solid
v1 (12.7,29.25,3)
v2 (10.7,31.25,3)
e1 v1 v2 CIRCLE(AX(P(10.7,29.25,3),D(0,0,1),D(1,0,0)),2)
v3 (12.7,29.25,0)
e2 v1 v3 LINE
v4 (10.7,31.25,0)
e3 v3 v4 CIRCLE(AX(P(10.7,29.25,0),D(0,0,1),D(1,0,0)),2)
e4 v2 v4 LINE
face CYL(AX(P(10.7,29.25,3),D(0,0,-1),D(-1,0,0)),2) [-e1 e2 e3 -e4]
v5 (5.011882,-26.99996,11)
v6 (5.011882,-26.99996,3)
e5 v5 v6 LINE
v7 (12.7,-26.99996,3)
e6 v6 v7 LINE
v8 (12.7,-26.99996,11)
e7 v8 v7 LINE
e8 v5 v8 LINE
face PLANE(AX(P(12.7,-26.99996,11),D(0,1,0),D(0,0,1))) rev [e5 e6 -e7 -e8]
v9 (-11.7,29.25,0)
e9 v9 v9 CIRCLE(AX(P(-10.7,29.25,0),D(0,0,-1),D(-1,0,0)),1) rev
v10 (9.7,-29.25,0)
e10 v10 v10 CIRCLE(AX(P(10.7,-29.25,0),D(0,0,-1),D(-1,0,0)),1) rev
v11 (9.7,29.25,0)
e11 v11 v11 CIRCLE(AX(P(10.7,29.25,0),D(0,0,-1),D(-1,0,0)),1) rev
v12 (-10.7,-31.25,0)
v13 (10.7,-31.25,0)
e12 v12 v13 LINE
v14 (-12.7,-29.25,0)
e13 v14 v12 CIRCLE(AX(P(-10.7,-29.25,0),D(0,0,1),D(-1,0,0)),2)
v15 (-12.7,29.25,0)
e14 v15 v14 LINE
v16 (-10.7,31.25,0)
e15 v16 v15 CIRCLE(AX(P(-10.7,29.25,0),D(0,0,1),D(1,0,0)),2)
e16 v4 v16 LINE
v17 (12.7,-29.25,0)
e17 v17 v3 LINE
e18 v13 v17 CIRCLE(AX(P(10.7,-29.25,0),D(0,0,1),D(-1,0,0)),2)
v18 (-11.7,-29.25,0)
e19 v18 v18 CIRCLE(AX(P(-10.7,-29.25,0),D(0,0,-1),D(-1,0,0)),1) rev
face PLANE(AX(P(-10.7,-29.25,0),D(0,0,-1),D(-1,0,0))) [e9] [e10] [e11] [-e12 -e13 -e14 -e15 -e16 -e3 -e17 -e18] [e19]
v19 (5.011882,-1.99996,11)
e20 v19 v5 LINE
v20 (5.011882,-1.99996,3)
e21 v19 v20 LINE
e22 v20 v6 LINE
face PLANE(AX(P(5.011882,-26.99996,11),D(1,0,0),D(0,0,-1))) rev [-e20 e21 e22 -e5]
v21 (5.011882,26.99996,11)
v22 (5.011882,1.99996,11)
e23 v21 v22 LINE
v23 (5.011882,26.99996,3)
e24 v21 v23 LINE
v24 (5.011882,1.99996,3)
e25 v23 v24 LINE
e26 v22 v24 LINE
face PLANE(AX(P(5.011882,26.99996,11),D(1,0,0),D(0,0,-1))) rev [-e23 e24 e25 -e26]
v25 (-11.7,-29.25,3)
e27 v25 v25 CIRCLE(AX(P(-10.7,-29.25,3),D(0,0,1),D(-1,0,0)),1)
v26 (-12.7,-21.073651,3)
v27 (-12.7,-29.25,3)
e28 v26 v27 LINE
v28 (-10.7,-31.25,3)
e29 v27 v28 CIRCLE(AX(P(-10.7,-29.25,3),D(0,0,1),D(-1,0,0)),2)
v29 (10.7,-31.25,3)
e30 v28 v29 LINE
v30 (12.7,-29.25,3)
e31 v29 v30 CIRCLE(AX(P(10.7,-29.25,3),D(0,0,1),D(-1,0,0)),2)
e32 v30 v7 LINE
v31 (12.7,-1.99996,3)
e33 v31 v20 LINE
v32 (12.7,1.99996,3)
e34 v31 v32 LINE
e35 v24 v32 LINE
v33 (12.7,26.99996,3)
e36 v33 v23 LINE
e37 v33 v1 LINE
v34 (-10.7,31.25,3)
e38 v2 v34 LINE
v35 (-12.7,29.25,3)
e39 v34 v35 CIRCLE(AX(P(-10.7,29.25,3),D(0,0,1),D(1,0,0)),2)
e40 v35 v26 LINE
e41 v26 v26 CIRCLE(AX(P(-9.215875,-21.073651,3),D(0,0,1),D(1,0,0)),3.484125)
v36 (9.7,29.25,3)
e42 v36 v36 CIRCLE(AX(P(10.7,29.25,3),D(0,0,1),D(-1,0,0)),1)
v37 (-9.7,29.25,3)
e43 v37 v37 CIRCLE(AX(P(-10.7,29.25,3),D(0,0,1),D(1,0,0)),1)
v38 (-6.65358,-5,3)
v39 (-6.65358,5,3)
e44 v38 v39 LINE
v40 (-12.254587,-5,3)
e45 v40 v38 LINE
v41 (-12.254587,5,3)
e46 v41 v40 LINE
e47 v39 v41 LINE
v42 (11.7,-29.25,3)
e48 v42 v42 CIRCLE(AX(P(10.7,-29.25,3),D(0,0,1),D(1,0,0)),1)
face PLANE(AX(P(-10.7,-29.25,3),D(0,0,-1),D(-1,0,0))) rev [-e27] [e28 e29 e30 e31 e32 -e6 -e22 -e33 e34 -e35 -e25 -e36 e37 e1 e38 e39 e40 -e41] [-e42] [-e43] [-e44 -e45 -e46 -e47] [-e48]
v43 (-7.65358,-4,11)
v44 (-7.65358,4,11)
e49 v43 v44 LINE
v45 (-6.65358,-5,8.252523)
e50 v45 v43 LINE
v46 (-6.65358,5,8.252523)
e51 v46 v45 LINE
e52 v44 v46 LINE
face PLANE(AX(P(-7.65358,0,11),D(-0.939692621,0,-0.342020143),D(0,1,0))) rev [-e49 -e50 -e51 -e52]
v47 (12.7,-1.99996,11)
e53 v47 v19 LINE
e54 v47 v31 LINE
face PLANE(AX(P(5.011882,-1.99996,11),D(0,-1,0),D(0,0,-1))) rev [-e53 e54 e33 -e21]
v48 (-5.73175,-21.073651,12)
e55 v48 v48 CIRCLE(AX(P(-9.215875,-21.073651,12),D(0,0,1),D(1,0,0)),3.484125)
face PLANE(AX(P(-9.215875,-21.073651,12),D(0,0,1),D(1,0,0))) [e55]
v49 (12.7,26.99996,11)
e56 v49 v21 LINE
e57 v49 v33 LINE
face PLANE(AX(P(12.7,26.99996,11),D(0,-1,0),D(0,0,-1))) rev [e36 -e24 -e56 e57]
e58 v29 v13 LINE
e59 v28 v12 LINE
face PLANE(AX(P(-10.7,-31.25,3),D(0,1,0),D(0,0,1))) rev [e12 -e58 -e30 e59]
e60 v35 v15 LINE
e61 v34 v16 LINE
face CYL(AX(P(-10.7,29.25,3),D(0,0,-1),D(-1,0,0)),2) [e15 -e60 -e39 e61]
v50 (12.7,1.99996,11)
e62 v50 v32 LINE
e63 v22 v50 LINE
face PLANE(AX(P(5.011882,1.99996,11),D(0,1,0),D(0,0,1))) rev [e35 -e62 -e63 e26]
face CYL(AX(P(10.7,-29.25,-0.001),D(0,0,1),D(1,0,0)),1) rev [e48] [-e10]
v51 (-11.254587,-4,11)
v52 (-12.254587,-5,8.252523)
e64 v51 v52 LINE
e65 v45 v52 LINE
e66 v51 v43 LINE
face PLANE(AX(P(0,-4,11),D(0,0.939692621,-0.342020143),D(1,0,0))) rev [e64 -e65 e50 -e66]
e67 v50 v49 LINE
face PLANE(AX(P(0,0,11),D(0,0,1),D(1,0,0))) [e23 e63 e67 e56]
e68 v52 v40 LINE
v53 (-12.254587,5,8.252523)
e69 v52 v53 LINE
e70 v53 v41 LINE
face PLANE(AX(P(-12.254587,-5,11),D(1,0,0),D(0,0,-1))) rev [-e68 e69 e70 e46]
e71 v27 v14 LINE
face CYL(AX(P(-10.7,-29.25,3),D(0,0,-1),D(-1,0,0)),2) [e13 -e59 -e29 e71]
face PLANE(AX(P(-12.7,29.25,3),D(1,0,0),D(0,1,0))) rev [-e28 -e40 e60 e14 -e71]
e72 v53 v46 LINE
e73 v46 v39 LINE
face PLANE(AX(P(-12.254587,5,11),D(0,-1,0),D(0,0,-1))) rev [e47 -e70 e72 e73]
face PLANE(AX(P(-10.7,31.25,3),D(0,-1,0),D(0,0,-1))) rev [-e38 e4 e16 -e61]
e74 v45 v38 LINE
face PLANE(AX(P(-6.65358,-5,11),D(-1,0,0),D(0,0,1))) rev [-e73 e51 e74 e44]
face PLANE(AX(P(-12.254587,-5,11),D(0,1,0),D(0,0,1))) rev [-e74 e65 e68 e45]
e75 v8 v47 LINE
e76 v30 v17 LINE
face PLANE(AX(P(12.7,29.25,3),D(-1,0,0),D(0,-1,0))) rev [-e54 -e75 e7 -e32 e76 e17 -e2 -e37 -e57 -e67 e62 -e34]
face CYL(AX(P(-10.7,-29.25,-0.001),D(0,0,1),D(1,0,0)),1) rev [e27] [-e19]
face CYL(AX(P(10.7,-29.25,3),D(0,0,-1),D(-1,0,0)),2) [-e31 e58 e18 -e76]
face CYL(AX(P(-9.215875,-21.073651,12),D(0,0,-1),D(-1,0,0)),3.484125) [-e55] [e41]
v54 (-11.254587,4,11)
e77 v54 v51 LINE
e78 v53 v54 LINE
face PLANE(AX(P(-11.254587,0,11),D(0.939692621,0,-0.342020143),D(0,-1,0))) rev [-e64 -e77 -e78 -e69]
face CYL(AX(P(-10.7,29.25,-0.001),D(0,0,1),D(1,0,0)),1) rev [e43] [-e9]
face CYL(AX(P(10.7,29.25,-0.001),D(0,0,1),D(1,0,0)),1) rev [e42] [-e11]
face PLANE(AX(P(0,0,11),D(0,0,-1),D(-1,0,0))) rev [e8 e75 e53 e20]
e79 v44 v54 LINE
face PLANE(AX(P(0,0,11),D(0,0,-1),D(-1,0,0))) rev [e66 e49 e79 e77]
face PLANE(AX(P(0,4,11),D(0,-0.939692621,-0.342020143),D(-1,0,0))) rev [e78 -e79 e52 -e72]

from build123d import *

# Parameters (mm, degrees)
BOSS_EXTRUDE2_DEPTH = 3
CUT_EXTRUDE1_REACH  = 5
SKETCH2_R           = 1
SKETCH3_W           = 5.601007624
SKETCH3_H           = 10
BOSS_EXTRUDE3_DEPTH = 8
CHAMFER1_SIZE       = 1
CHAMFER1_SIZE2      = 2.747477419
CHAMFER2_SIZE       = 1
CHAMFER2_SIZE2      = 2.747477419
CHAMFER3_SIZE       = 1
CHAMFER3_SIZE2      = 2.747477419
CHAMFER4_SIZE       = 1
CHAMFER4_SIZE2      = 2.747477419
SKETCH4_W           = 7.688117752
SKETCH4_H           = 25
BOSS_EXTRUDE4_DEPTH = 8
SKETCH5_R           = 3.48412519
BOSS_EXTRUDE5_DEPTH = 9


with BuildPart() as part:
    # Sketch1 → Boss-Extrude2 (new body)
    with BuildSketch(Plane.XY):
        with BuildLine():
            Line((-10.7, 31.25), (10.7, 31.25))
            ThreePointArc((10.7, 31.25), (12.114213562, 30.664213562), (12.7, 29.25))
            Line((12.7, 29.25), (12.7, -29.25))
            ThreePointArc((12.7, -29.25), (12.114213562, -30.664213562), (10.7, -31.25))
            Line((10.7, -31.25), (-10.7, -31.25))
            ThreePointArc((-10.7, -31.25), (-12.114213562, -30.664213562), (-12.7, -29.25))
            Line((-12.7, -29.25), (-12.7, 29.25))
            ThreePointArc((-12.7, 29.25), (-12.114213562, 30.664213562), (-10.7, 31.25))
        make_face()
    extrude(amount=BOSS_EXTRUDE2_DEPTH)

    # Sketch2 → Cut-Extrude1 (cut, up to next)
    with BuildSketch(Plane.XY.offset(3), mode=Mode.PRIVATE) as cut_extrude1_sk1:
        with Locations((-10.7, 29.25)):
            Circle(SKETCH2_R)
    cut_extrude1_tool1 = extrude(cut_extrude1_sk1.sketch, amount=-CUT_EXTRUDE1_REACH, mode=Mode.PRIVATE) & part.part
    add(cut_extrude1_tool1.solids().sort_by_distance((-10.7, 29.25, 3))[0], mode=Mode.SUBTRACT)
    # Sketch2 → Cut-Extrude1 (cut, up to next)
    with BuildSketch(Plane.XY.offset(3), mode=Mode.PRIVATE) as cut_extrude1_sk2:
        with Locations((10.7, 29.25)):
            Circle(SKETCH2_R)
    cut_extrude1_tool2 = extrude(cut_extrude1_sk2.sketch, amount=-CUT_EXTRUDE1_REACH, mode=Mode.PRIVATE) & part.part
    add(cut_extrude1_tool2.solids().sort_by_distance((10.7, 29.25, 3))[0], mode=Mode.SUBTRACT)
    # Sketch2 → Cut-Extrude1 (cut, up to next)
    with BuildSketch(Plane.XY.offset(3), mode=Mode.PRIVATE) as cut_extrude1_sk3:
        with Locations((10.7, -29.25)):
            Circle(SKETCH2_R)
    cut_extrude1_tool3 = extrude(cut_extrude1_sk3.sketch, amount=-CUT_EXTRUDE1_REACH, mode=Mode.PRIVATE) & part.part
    add(cut_extrude1_tool3.solids().sort_by_distance((10.7, -29.25, 3))[0], mode=Mode.SUBTRACT)
    # Sketch2 → Cut-Extrude1 (cut, up to next)
    with BuildSketch(Plane.XY.offset(3), mode=Mode.PRIVATE) as cut_extrude1_sk4:
        with Locations((-10.7, -29.25)):
            Circle(SKETCH2_R)
    cut_extrude1_tool4 = extrude(cut_extrude1_sk4.sketch, amount=-CUT_EXTRUDE1_REACH, mode=Mode.PRIVATE) & part.part
    add(cut_extrude1_tool4.solids().sort_by_distance((-10.7, -29.25, 3))[0], mode=Mode.SUBTRACT)

    # Sketch3 → Boss-Extrude3 (add)
    with BuildSketch(Plane.XY.offset(3)):
        with Locations((-9.454083627, 0)):
            Rectangle(SKETCH3_W, SKETCH3_H)
    extrude(amount=BOSS_EXTRUDE3_DEPTH)

    # Chamfer1
    chamfer1_edges = [part.edges().sort_by_distance(p)[0] for p in [
        (-9.454083627, -5, 11),
    ]]
    chamfer1_side = [part.faces().sort_by_distance(p)[0] for p in [
        (-9.454083627, 0, 11),
    ]]
    chamfer(chamfer1_edges, length=CHAMFER1_SIZE, length2=CHAMFER1_SIZE2, reference=chamfer1_side[0])

    # Chamfer2
    chamfer2_edges = [part.edges().sort_by_distance(p)[0] for p in [
        (-9.454083627, 5, 11),
    ]]
    chamfer2_side = [part.faces().sort_by_distance(p)[0] for p in [
        (-9.454083627, 0.5, 11),
    ]]
    chamfer(chamfer2_edges, length=CHAMFER2_SIZE, length2=CHAMFER2_SIZE2, reference=chamfer2_side[0])

    # Chamfer3
    chamfer3_edges = [part.edges().sort_by_distance(p)[0] for p in [
        (-12.254587439, 0, 11),
    ]]
    chamfer3_side = [part.faces().sort_by_distance(p)[0] for p in [
        (-9.454083627, 0, 11),
    ]]
    chamfer(chamfer3_edges, length=CHAMFER3_SIZE, length2=CHAMFER3_SIZE2, reference=chamfer3_side[0])

    # Chamfer4
    chamfer4_edges = [part.edges().sort_by_distance(p)[0] for p in [
        (-6.653579815, 0, 11),
    ]]
    chamfer4_side = [part.faces().sort_by_distance(p)[0] for p in [
        (-8.954083627, 0, 11),
    ]]
    chamfer(chamfer4_edges, length=CHAMFER4_SIZE, length2=CHAMFER4_SIZE2, reference=chamfer4_side[0])

    # Sketch4 → Boss-Extrude4 (add)
    with BuildSketch(Plane.XY.offset(3)):
        with Locations((8.855941124, -14.499959716)):
            Rectangle(SKETCH4_W, SKETCH4_H)
        with Locations((8.855941124, 14.499959716)):
            Rectangle(SKETCH4_W, SKETCH4_H)
    extrude(amount=BOSS_EXTRUDE4_DEPTH)

    # Sketch5 → Boss-Extrude5 (add)
    with BuildSketch(Plane.XY.offset(3)):
        with Locations((-9.21587481, -21.073650693)):
            Circle(SKETCH5_R)
    extrude(amount=BOSS_EXTRUDE5_DEPTH)


solid = part.part
